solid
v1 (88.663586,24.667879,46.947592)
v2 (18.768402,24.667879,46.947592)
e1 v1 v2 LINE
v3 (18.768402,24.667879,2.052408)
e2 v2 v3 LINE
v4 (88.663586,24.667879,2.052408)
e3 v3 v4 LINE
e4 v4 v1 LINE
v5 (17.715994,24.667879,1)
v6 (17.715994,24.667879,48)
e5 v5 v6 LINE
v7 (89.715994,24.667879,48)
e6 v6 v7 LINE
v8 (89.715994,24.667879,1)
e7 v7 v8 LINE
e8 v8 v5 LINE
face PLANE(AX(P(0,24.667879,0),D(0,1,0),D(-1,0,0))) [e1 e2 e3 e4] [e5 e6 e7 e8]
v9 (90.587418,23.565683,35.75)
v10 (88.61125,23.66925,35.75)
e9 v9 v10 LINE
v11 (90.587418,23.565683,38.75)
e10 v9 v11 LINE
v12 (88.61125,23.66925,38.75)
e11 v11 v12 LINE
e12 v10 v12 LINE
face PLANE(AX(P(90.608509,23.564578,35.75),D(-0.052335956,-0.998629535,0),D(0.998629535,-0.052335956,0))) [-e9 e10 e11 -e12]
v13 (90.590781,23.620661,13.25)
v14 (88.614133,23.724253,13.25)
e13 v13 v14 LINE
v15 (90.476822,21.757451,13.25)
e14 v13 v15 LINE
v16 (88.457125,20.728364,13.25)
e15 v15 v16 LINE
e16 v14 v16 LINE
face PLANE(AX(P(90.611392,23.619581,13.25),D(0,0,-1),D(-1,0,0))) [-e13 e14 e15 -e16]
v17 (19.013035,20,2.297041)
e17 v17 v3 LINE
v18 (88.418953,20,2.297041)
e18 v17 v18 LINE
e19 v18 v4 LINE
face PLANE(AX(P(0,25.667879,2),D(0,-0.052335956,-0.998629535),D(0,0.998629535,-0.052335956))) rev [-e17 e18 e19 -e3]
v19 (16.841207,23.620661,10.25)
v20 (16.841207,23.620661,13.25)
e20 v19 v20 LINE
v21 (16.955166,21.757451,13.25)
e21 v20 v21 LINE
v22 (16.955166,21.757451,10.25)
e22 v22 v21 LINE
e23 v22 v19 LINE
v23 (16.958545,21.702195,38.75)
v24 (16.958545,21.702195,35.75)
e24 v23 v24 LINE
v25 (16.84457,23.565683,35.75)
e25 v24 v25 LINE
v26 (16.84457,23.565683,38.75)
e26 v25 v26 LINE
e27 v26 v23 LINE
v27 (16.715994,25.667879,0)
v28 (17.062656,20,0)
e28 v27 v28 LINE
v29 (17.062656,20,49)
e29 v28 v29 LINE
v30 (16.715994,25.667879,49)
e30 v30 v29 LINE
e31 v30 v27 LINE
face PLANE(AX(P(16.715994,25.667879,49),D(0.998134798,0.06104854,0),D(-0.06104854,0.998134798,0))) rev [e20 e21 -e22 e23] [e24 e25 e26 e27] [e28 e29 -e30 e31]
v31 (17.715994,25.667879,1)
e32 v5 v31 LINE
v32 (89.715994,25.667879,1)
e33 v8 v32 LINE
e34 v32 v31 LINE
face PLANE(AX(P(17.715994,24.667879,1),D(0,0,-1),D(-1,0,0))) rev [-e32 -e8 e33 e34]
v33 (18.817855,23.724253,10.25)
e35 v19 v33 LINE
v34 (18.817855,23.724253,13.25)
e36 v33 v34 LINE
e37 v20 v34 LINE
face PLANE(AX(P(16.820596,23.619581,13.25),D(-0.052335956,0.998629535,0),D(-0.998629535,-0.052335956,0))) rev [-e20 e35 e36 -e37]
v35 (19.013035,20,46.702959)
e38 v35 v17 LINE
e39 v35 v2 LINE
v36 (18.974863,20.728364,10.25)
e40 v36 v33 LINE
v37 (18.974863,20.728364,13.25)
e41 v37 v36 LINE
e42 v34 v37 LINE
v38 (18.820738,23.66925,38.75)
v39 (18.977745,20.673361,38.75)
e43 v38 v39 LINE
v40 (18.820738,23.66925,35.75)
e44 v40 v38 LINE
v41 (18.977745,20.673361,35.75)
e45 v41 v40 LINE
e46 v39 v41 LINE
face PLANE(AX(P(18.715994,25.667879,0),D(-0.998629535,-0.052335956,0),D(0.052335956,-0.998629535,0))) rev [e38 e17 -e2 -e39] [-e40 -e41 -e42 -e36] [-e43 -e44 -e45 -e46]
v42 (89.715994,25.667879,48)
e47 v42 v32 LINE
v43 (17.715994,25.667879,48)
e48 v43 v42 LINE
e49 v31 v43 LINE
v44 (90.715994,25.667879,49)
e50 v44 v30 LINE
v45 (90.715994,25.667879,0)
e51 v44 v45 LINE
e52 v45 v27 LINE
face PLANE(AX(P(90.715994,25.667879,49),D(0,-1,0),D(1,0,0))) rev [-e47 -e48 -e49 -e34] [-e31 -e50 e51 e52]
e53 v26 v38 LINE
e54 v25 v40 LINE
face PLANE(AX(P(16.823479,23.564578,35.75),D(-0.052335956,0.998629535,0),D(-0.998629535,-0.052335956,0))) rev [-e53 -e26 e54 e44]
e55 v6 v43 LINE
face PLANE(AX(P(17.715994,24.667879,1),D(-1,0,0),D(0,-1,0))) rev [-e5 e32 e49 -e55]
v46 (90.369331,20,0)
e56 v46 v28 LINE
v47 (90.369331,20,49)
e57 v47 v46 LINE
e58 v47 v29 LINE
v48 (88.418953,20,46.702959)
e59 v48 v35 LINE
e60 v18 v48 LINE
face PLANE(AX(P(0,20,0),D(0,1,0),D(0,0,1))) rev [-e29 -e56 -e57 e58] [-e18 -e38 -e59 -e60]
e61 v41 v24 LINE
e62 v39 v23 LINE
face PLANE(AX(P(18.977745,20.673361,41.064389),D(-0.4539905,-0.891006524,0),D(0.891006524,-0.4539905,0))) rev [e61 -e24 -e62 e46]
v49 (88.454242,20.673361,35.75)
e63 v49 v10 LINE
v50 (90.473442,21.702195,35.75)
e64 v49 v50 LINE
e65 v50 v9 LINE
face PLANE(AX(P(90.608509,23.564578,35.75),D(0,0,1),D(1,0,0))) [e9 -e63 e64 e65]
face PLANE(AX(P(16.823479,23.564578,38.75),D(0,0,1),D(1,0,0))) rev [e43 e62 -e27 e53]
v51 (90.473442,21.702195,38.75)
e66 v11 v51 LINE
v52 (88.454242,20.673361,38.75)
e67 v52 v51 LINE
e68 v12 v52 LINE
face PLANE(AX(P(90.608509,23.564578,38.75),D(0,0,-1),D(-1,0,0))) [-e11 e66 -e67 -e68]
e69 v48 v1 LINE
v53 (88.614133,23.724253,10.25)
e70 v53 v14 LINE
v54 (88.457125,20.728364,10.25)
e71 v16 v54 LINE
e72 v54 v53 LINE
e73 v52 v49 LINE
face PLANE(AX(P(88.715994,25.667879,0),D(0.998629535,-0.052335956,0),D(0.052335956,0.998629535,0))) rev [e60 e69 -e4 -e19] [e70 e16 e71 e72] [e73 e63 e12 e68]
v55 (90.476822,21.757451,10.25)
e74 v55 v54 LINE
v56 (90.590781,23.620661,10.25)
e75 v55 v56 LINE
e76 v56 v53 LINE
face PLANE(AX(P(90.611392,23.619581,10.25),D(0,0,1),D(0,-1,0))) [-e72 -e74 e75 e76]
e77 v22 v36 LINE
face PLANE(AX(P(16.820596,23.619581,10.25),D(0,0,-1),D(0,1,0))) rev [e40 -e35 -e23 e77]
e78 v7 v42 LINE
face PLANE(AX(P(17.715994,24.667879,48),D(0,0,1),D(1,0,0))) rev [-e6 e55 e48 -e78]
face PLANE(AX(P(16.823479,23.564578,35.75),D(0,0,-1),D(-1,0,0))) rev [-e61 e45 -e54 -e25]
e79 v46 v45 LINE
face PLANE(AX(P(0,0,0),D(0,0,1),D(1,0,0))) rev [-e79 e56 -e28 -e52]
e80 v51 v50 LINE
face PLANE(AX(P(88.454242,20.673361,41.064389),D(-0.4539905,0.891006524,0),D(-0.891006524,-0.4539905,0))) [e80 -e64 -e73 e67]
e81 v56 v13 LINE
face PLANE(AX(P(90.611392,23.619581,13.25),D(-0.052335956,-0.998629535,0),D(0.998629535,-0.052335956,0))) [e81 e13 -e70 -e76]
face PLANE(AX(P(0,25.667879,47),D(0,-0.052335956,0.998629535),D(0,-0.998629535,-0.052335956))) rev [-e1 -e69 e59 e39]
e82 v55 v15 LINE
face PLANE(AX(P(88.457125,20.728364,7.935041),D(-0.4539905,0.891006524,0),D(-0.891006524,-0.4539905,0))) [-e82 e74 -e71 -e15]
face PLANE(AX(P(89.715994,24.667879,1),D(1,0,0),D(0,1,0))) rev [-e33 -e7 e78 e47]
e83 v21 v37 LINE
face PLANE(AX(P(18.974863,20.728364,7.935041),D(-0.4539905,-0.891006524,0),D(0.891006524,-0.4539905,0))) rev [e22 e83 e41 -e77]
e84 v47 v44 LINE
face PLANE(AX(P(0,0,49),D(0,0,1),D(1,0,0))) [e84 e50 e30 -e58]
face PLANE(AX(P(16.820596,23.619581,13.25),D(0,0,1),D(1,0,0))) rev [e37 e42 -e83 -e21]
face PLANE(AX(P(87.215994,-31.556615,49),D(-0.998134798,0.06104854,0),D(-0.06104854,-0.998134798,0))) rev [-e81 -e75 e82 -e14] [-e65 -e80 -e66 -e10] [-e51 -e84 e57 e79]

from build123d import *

# Parameters (mm, degrees)
EXTRUDE_1_DEPTH          = 49
SKETCH_2_W               = 70
SKETCH_2_H               = 45
CUT_EXTRUDE_1_DEPTH      = 55.224494
CUT_EXTRUDE_1_TAPER      = 3
SKETCH_3_W               = 72
SKETCH_3_H               = 47
CUT_EXTRUDE_2_DEPTH      = 1
SKETCH_5_W               = 3
SKETCH_5_H               = 3
CUT_EXTRUDE_3_DEPTH      = 2
EXTRUDE_2_DEPTH          = 3
EXTRUDE_3_DEPTH          = 3
SKETCH_9_W               = 92.207980396
SKETCH_9_H               = 62.219536403
CUT_EXTRUDE_4_DEPTH      = 20
CUT_EXTRUDE_4_DEPTH_BACK = 32.556614873


with BuildPart() as part:
    # Sketch 1 → Extrude 1 (new body)
    with BuildSketch(Plane.XY):
        Polygon((16.715993843, 25.667879294), (20.215993843, -31.556614873), (87.215993843, -31.556614873), (90.715993843, 25.667879294), align=None)
    extrude(amount=EXTRUDE_1_DEPTH)

    # Sketch 2 → Cut-Extrude 1 (cut)
    with BuildSketch(Plane(origin=(0, 25.667879294, 0), x_dir=(1, 0, 0), z_dir=(0, 1, 0))):
        with Locations((53.715993843, -24.5)):
            Rectangle(SKETCH_2_W, SKETCH_2_H)
    extrude(amount=-CUT_EXTRUDE_1_DEPTH, taper=CUT_EXTRUDE_1_TAPER, mode=Mode.SUBTRACT)

    # Sketch 3 → Cut-Extrude 2 (cut)
    with BuildSketch(Plane(origin=(0, 25.667879294, 0), x_dir=(1, 0, 0), z_dir=(0, 1, 0))):
        with Locations((53.715993843, -24.5)):
            Rectangle(SKETCH_3_W, SKETCH_3_H)
    extrude(amount=-CUT_EXTRUDE_2_DEPTH, mode=Mode.SUBTRACT)

    # Sketch 5 → Cut-Extrude 3 (cut)
    with BuildSketch(Plane(origin=(20.006241746, 1.048482702, 0), x_dir=(0, 0, -1), z_dir=(0.998629535, 0.052335956, 0))):
        with Locations((-37.25, 21.151810576)):
            Rectangle(SKETCH_5_W, SKETCH_5_H)
        with Locations((-11.75, 21.206889344)):
            Rectangle(SKETCH_5_W, SKETCH_5_H)
    cut_extrude_3 = extrude(amount=-CUT_EXTRUDE_3_DEPTH, mode=Mode.SUBTRACT)

    # Sketch 6 → Extrude 2 (add)
    with BuildSketch(Plane.XY.offset(35.75)):
        Polygon((18.977745448, 20.673361155), (16.95854549, 21.70219492), (17.027722258, 20.57116477), align=None)
    extrude_2 = extrude(amount=EXTRUDE_2_DEPTH)

    # Sketch 7 → Extrude 3 (add)
    with BuildSketch(Plane(origin=(0, 0, 13.25), x_dir=(-1, 0, 0), z_dir=(0, 0, -1))):
        Polygon((-18.974862848, 20.728364439), (-17.024359652, 20.626142898), (-16.955165856, 21.757451456), align=None)
    extrude_3 = extrude(amount=EXTRUDE_3_DEPTH)

    # Mirror 2: Cut-Extrude 3, Extrude 2, Extrude 3 across plane
    add(cut_extrude_3.mirror(Plane(origin=(53.715993843, 0, 0), x_dir=(0, 0, 1), z_dir=(1, 0, 0))), mode=Mode.SUBTRACT)
    add(extrude_2.mirror(Plane(origin=(53.715993843, 0, 0), x_dir=(0, 0, 1), z_dir=(1, 0, 0))))
    add(extrude_3.mirror(Plane(origin=(53.715993843, 0, 0), x_dir=(0, 0, 1), z_dir=(1, 0, 0))))

    # Sketch 9 → Cut-Extrude 4 (cut, two sides)
    with BuildSketch(Plane(origin=(0, 0, 0), x_dir=(1, 0, 0), z_dir=(0, 1, 0))) as cut_extrude_4_sk:
        with Locations((56.409215525, -25.014933301)):
            Rectangle(SKETCH_9_W, SKETCH_9_H)
    extrude(amount=CUT_EXTRUDE_4_DEPTH, mode=Mode.SUBTRACT)
    extrude(cut_extrude_4_sk.sketch, amount=-CUT_EXTRUDE_4_DEPTH_BACK, mode=Mode.SUBTRACT)


solid = part.part
